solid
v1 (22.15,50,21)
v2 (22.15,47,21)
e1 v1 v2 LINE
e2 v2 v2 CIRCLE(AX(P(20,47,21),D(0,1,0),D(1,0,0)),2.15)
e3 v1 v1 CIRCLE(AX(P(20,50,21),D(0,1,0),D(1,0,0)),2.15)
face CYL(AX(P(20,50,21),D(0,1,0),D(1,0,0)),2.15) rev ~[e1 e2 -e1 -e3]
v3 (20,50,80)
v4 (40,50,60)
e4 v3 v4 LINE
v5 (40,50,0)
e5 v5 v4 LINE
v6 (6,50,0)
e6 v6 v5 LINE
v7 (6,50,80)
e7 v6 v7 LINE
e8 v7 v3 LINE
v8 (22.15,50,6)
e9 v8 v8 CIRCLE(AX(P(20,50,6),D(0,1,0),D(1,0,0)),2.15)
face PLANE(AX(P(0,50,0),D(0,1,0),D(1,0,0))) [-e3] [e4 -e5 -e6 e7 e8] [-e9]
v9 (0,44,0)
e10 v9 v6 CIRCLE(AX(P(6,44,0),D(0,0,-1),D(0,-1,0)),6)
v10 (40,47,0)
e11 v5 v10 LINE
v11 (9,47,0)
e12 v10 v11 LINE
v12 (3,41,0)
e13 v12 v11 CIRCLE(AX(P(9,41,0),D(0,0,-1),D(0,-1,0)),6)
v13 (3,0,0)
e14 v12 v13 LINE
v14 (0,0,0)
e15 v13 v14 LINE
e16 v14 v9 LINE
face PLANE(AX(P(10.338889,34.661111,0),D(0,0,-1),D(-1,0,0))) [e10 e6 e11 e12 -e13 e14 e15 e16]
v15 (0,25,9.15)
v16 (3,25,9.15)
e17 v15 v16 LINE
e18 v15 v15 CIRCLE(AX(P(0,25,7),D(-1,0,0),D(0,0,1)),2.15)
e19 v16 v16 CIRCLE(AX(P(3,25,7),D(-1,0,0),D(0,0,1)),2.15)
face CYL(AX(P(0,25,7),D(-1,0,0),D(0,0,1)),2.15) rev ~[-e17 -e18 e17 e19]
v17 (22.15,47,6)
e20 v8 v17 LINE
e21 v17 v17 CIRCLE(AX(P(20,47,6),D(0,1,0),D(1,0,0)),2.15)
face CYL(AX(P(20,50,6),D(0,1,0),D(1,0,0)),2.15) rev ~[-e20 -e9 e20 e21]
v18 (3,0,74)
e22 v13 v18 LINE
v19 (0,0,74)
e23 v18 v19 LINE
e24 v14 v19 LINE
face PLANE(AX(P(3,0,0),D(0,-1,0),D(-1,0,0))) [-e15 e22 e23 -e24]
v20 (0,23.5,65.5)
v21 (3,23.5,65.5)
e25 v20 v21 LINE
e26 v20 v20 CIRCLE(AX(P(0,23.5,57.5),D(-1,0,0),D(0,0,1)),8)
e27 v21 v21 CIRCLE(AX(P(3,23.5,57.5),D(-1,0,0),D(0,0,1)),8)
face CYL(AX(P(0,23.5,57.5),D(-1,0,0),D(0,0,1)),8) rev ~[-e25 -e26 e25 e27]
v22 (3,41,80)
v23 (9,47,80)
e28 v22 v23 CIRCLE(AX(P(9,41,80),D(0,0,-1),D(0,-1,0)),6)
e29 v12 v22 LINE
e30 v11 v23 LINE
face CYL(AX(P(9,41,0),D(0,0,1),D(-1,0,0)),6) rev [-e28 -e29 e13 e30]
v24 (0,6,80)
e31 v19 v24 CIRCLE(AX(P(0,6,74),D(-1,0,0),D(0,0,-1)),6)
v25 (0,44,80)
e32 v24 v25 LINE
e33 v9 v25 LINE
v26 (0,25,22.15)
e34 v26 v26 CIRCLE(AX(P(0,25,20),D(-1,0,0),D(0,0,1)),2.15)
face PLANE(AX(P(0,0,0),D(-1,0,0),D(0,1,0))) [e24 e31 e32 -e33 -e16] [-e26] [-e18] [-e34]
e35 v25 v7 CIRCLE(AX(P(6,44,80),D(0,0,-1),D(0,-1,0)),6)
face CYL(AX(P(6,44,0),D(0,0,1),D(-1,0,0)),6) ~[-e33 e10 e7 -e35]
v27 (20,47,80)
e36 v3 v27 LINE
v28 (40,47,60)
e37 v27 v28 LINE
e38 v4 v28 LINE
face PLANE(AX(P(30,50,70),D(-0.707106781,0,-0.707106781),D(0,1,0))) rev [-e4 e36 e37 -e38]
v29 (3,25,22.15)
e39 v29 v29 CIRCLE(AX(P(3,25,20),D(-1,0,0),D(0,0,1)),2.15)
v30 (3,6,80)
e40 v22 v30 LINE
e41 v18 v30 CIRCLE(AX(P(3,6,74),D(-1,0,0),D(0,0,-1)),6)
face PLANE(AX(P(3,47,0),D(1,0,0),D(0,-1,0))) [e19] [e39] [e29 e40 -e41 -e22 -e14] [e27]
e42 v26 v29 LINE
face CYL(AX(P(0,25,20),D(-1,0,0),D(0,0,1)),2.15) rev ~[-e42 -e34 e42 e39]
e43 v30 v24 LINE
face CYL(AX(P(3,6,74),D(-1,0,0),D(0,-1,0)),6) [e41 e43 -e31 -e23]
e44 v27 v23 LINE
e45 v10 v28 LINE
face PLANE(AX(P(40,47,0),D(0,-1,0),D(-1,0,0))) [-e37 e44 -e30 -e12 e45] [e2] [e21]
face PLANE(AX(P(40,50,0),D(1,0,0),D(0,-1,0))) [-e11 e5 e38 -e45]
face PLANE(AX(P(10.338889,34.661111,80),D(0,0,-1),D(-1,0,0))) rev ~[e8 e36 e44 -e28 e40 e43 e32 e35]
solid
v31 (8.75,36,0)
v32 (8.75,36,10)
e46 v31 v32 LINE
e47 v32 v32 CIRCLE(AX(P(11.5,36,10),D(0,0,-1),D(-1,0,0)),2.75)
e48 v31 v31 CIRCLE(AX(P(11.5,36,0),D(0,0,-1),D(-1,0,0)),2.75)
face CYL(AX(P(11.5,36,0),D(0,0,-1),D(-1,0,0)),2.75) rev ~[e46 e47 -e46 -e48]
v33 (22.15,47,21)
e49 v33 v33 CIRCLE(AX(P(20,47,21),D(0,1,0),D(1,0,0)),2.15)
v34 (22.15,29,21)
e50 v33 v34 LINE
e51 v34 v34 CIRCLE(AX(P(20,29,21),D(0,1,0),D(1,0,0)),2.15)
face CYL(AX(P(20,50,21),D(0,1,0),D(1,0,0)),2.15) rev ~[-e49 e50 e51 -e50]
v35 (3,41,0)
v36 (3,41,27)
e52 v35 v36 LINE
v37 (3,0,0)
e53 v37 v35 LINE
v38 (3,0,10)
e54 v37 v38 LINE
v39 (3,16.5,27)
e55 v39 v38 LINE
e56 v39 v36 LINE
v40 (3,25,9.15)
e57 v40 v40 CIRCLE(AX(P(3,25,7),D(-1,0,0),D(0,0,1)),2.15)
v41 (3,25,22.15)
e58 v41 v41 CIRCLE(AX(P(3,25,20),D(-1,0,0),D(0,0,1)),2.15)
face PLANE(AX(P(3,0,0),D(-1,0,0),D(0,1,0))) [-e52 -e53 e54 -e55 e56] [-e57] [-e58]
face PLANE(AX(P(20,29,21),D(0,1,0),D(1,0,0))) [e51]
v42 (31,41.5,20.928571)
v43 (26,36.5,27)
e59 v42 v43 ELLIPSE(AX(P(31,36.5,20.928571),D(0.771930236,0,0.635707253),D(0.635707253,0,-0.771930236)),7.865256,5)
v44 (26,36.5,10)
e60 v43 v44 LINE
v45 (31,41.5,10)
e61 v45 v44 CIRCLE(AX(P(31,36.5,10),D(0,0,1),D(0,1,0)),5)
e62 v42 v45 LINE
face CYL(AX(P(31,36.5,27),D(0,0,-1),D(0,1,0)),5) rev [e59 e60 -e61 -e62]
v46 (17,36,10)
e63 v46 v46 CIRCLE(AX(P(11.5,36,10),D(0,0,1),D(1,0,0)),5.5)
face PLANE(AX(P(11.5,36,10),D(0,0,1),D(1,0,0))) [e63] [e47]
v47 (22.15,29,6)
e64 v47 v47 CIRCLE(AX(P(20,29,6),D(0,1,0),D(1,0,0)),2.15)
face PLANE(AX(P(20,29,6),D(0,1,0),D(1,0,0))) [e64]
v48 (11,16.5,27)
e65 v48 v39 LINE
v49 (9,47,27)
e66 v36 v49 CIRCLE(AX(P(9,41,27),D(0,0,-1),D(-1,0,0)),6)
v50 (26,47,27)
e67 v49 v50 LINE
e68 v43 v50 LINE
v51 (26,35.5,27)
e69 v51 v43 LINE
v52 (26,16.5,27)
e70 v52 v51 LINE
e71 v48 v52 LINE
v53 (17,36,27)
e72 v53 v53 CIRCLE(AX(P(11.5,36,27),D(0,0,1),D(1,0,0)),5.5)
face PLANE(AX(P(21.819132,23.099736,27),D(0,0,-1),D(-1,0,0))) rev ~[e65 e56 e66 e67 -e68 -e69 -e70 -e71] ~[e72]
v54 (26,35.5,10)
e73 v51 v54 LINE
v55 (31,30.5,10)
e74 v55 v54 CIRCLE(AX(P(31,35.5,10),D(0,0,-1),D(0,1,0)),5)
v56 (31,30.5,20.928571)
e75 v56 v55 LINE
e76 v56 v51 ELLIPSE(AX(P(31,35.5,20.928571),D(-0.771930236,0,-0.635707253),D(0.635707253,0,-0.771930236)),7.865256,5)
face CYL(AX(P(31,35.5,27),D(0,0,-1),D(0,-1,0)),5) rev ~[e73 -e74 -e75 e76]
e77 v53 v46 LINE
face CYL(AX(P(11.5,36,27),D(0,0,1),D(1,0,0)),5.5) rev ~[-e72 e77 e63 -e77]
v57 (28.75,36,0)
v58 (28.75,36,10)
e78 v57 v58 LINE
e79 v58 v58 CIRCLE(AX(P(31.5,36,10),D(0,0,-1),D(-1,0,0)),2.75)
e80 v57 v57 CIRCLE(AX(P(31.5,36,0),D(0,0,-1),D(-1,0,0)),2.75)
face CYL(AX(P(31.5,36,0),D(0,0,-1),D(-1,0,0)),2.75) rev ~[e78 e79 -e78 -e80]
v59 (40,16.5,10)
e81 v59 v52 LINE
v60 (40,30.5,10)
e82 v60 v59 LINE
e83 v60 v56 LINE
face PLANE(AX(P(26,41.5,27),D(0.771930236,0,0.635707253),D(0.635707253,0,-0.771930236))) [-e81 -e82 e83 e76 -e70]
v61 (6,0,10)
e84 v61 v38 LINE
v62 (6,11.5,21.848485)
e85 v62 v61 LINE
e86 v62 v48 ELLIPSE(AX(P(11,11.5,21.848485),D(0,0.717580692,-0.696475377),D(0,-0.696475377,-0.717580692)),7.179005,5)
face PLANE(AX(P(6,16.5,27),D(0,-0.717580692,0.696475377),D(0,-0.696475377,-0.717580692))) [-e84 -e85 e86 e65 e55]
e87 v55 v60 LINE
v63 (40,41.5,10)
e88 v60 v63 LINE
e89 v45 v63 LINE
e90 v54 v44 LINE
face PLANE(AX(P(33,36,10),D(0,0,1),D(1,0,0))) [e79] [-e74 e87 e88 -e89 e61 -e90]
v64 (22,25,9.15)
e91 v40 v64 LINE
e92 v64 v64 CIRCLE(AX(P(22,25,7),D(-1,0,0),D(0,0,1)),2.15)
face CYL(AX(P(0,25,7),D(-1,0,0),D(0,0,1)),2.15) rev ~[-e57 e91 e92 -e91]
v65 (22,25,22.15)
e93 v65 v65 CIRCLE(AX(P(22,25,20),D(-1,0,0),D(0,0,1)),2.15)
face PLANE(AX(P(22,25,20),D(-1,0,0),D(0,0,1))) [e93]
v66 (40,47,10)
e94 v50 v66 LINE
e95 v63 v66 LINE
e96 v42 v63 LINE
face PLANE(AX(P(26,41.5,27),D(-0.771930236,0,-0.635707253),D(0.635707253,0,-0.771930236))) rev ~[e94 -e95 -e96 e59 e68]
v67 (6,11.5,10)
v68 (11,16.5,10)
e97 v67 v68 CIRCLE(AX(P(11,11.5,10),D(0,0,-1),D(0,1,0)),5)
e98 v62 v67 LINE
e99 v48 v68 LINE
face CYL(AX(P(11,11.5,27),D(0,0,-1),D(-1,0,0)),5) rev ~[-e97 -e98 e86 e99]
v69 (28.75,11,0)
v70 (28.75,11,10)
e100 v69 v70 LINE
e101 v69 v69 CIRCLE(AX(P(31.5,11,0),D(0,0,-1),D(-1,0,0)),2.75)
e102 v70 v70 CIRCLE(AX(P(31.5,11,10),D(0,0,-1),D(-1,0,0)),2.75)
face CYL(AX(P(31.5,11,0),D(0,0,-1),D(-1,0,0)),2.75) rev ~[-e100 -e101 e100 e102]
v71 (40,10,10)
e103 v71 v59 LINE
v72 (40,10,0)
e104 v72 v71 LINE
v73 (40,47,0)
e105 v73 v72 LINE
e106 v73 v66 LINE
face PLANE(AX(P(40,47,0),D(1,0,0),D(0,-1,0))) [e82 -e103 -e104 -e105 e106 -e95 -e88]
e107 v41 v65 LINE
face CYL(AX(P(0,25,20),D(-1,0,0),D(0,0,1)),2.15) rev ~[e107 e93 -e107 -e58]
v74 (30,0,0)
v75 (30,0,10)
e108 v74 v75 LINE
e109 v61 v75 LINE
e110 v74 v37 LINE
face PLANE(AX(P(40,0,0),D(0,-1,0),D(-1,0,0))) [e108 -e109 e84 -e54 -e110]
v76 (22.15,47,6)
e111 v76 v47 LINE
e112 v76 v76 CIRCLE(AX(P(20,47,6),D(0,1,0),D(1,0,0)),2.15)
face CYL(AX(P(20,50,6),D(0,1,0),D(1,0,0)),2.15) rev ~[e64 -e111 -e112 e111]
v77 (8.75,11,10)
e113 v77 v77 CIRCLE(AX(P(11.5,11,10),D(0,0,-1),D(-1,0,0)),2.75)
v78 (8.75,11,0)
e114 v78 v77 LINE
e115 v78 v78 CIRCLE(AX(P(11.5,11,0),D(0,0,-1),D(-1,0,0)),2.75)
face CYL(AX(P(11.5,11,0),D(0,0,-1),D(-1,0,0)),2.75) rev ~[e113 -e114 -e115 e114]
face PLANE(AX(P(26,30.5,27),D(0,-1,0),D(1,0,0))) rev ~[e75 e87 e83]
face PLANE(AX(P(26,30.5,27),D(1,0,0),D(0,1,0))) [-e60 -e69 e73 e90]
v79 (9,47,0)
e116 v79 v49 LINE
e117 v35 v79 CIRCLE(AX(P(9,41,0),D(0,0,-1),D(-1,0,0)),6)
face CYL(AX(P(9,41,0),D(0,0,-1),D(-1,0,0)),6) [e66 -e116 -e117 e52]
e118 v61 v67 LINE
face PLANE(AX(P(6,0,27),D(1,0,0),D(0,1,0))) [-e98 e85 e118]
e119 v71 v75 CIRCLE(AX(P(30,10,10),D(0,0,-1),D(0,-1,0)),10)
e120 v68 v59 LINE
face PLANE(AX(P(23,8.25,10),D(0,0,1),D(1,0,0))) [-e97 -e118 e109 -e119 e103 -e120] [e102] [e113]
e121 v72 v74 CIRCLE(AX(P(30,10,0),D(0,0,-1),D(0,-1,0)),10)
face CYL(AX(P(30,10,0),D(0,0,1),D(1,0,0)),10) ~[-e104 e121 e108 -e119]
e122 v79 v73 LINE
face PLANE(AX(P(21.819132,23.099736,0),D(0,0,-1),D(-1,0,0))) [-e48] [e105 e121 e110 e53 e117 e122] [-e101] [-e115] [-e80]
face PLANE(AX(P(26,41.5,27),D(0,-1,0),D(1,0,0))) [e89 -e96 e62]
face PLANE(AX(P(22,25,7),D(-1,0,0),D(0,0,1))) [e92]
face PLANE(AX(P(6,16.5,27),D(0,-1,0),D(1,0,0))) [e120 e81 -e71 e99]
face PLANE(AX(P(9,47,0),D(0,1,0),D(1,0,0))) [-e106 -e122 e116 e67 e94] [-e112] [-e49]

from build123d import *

# Parameters (mm, degrees)
EXTRUDE_THIN1_DEPTH     = 80
SKETCH2_R               = 8
CUT_EXTRUDE1_DEPTH      = 10
FILLET1_R               = 6
CHAMFER1_SIZE           = 20
SKETCH3_R               = 2.75
BOSS_EXTRUDE1_DEPTH     = 27
SKETCH4_R               = 2.15
CUT_EXTRUDE2_DEPTH      = 22
SKETCH5_R               = 5.5
SKETCH5_W               = 34
SKETCH5_H               = 16.5
SKETCH5_W_2             = 14
SKETCH5_H_2             = 11
CUT_EXTRUDE3_DEPTH      = 17
SKETCH6_R               = 2.15
CUT_EXTRUDE4_DEPTH      = 21
CUT_EXTRUDE5_DEPTH      = 42.5
CUT_EXTRUDE5_DEPTH_BACK = 5.5
CUT_EXTRUDE6_DEPTH      = 3
FILLET6_R               = 10
FILLET7_R               = 5


with BuildPart() as part:
    # Sketch1 → Extrude-Thin1 (new body)
    with BuildSketch(Plane.XY):
        Polygon((0, 0), (0, 50), (40, 50), (40, 47), (3, 47), (3, 0), align=None)
    extrude(amount=EXTRUDE_THIN1_DEPTH)

    # Sketch2 → Cut-Extrude1 (cut)
    with BuildSketch(Plane.ZY):
        with Locations((57.5, 23.5)):
            Circle(SKETCH2_R)
    extrude(amount=-CUT_EXTRUDE1_DEPTH, mode=Mode.SUBTRACT)

    # Fillet1
    fillet1_edges = [part.edges().sort_by_distance(p)[0] for p in [
        (1.5, 0, 80),
        (3, 47, 40),
        (0, 50, 40),
    ]]
    fillet(fillet1_edges, radius=FILLET1_R)

    # Chamfer1
    chamfer1_edges = [part.edges().sort_by_distance(p)[0] for p in [
        (40, 48.5, 80),
    ]]
    chamfer(chamfer1_edges, length=CHAMFER1_SIZE)


with BuildPart() as body_2:
    # Sketch3 → Boss-Extrude1 (new body)
    with BuildSketch(Plane(origin=(0, 0, 0), x_dir=(-1, 0, 0), z_dir=(0, 0, -1))):
        with BuildLine():
            Line((-40, 47), (-40, 0))
            Line((-40, 0), (-3, 0))
            Line((-3, 0), (-3, 41))
            ThreePointArc((-3, 41), (-4.757359313, 45.242640687), (-9, 47))
            Line((-9, 47), (-40, 47))
        make_face()
        with Locations((-31.5, 36)):
            Circle(SKETCH3_R, mode=Mode.SUBTRACT)
        with Locations((-11.5, 36)):
            Circle(SKETCH3_R, mode=Mode.SUBTRACT)
        with Locations((-11.5, 11)):
            Circle(SKETCH3_R, mode=Mode.SUBTRACT)
        with Locations((-31.5, 11)):
            Circle(SKETCH3_R, mode=Mode.SUBTRACT)
    extrude(amount=-BOSS_EXTRUDE1_DEPTH)


with BuildPart() as cut_extrude2_tool:
    # Sketch4 → Cut-Extrude2 (new body)
    with BuildSketch(Plane.ZY):
        with Locations((7, 25)):
            Circle(SKETCH4_R)
        with Locations((20, 25)):
            Circle(SKETCH4_R)
    extrude(amount=-CUT_EXTRUDE2_DEPTH)


with BuildPart() as part_1:
    add(part.part)

    # Cut-Extrude2: cut by cut_extrude2_tool
    add(cut_extrude2_tool.part, mode=Mode.SUBTRACT)


with BuildPart() as body_2_1:
    add(body_2.part)

    # Cut-Extrude2: cut by cut_extrude2_tool
    add(cut_extrude2_tool.part, mode=Mode.SUBTRACT)

    # Sketch5 → Cut-Extrude3 (cut)
    with BuildSketch(Plane.XY.offset(27)):
        with Locations((11.5, 36)):
            Circle(SKETCH5_R)
        with Locations((23, 8.25)):
            Rectangle(SKETCH5_W, SKETCH5_H)
        with Locations((33, 36)):
            Rectangle(SKETCH5_W_2, SKETCH5_H_2)
    extrude(amount=-CUT_EXTRUDE3_DEPTH, mode=Mode.SUBTRACT)


with BuildPart() as cut_extrude4_tool:
    # Sketch6 → Cut-Extrude4 (new body)
    with BuildSketch(Plane(origin=(0, 50, 0), x_dir=(1, 0, 0), z_dir=(0, 1, 0))):
        with Locations((20, -6)):
            Circle(SKETCH6_R)
        with Locations((20, -21)):
            Circle(SKETCH6_R)
    extrude(amount=-CUT_EXTRUDE4_DEPTH)


with BuildPart() as part_2:
    add(part_1.part)

    # Cut-Extrude4: cut by cut_extrude4_tool
    add(cut_extrude4_tool.part, mode=Mode.SUBTRACT)


with BuildPart() as body_2_2:
    add(body_2_1.part)

    # Cut-Extrude4: cut by cut_extrude4_tool
    add(cut_extrude4_tool.part, mode=Mode.SUBTRACT)

    # Sketch7 → Cut-Extrude5 (cut, two sides)
    with BuildSketch(Plane.XZ.offset(-41.5)) as cut_extrude5_sk:
        Polygon((26, 27), (40, 10), (40, 27), align=None)
    extrude(amount=CUT_EXTRUDE5_DEPTH, mode=Mode.SUBTRACT)
    extrude(cut_extrude5_sk.sketch, amount=-CUT_EXTRUDE5_DEPTH_BACK, mode=Mode.SUBTRACT)

    # Sketch8 → Cut-Extrude6 (cut)
    with BuildSketch(Plane(origin=(6, 0, 0), x_dir=(0, 0, -1), z_dir=(1, 0, 0))):
        Polygon((-27, 16.5), (-10, 0), (-27, 0), align=None)
    extrude(amount=-CUT_EXTRUDE6_DEPTH, mode=Mode.SUBTRACT)

    # Fillet6
    fillet6_edges = [body_2_2.edges().sort_by_distance(p)[0] for p in [
        (40, 0, 5),
    ]]
    fillet(fillet6_edges, radius=FILLET6_R)

    # Fillet7
    fillet7_edges = [body_2_2.edges().sort_by_distance(p)[0] for p in [
        (6, 16.5, 18.5),
        (26, 30.5, 18.5),
        (26, 41.5, 18.5),
    ]]
    fillet(fillet7_edges, radius=FILLET7_R)


solid = Compound([part_2.part, body_2_2.part])
